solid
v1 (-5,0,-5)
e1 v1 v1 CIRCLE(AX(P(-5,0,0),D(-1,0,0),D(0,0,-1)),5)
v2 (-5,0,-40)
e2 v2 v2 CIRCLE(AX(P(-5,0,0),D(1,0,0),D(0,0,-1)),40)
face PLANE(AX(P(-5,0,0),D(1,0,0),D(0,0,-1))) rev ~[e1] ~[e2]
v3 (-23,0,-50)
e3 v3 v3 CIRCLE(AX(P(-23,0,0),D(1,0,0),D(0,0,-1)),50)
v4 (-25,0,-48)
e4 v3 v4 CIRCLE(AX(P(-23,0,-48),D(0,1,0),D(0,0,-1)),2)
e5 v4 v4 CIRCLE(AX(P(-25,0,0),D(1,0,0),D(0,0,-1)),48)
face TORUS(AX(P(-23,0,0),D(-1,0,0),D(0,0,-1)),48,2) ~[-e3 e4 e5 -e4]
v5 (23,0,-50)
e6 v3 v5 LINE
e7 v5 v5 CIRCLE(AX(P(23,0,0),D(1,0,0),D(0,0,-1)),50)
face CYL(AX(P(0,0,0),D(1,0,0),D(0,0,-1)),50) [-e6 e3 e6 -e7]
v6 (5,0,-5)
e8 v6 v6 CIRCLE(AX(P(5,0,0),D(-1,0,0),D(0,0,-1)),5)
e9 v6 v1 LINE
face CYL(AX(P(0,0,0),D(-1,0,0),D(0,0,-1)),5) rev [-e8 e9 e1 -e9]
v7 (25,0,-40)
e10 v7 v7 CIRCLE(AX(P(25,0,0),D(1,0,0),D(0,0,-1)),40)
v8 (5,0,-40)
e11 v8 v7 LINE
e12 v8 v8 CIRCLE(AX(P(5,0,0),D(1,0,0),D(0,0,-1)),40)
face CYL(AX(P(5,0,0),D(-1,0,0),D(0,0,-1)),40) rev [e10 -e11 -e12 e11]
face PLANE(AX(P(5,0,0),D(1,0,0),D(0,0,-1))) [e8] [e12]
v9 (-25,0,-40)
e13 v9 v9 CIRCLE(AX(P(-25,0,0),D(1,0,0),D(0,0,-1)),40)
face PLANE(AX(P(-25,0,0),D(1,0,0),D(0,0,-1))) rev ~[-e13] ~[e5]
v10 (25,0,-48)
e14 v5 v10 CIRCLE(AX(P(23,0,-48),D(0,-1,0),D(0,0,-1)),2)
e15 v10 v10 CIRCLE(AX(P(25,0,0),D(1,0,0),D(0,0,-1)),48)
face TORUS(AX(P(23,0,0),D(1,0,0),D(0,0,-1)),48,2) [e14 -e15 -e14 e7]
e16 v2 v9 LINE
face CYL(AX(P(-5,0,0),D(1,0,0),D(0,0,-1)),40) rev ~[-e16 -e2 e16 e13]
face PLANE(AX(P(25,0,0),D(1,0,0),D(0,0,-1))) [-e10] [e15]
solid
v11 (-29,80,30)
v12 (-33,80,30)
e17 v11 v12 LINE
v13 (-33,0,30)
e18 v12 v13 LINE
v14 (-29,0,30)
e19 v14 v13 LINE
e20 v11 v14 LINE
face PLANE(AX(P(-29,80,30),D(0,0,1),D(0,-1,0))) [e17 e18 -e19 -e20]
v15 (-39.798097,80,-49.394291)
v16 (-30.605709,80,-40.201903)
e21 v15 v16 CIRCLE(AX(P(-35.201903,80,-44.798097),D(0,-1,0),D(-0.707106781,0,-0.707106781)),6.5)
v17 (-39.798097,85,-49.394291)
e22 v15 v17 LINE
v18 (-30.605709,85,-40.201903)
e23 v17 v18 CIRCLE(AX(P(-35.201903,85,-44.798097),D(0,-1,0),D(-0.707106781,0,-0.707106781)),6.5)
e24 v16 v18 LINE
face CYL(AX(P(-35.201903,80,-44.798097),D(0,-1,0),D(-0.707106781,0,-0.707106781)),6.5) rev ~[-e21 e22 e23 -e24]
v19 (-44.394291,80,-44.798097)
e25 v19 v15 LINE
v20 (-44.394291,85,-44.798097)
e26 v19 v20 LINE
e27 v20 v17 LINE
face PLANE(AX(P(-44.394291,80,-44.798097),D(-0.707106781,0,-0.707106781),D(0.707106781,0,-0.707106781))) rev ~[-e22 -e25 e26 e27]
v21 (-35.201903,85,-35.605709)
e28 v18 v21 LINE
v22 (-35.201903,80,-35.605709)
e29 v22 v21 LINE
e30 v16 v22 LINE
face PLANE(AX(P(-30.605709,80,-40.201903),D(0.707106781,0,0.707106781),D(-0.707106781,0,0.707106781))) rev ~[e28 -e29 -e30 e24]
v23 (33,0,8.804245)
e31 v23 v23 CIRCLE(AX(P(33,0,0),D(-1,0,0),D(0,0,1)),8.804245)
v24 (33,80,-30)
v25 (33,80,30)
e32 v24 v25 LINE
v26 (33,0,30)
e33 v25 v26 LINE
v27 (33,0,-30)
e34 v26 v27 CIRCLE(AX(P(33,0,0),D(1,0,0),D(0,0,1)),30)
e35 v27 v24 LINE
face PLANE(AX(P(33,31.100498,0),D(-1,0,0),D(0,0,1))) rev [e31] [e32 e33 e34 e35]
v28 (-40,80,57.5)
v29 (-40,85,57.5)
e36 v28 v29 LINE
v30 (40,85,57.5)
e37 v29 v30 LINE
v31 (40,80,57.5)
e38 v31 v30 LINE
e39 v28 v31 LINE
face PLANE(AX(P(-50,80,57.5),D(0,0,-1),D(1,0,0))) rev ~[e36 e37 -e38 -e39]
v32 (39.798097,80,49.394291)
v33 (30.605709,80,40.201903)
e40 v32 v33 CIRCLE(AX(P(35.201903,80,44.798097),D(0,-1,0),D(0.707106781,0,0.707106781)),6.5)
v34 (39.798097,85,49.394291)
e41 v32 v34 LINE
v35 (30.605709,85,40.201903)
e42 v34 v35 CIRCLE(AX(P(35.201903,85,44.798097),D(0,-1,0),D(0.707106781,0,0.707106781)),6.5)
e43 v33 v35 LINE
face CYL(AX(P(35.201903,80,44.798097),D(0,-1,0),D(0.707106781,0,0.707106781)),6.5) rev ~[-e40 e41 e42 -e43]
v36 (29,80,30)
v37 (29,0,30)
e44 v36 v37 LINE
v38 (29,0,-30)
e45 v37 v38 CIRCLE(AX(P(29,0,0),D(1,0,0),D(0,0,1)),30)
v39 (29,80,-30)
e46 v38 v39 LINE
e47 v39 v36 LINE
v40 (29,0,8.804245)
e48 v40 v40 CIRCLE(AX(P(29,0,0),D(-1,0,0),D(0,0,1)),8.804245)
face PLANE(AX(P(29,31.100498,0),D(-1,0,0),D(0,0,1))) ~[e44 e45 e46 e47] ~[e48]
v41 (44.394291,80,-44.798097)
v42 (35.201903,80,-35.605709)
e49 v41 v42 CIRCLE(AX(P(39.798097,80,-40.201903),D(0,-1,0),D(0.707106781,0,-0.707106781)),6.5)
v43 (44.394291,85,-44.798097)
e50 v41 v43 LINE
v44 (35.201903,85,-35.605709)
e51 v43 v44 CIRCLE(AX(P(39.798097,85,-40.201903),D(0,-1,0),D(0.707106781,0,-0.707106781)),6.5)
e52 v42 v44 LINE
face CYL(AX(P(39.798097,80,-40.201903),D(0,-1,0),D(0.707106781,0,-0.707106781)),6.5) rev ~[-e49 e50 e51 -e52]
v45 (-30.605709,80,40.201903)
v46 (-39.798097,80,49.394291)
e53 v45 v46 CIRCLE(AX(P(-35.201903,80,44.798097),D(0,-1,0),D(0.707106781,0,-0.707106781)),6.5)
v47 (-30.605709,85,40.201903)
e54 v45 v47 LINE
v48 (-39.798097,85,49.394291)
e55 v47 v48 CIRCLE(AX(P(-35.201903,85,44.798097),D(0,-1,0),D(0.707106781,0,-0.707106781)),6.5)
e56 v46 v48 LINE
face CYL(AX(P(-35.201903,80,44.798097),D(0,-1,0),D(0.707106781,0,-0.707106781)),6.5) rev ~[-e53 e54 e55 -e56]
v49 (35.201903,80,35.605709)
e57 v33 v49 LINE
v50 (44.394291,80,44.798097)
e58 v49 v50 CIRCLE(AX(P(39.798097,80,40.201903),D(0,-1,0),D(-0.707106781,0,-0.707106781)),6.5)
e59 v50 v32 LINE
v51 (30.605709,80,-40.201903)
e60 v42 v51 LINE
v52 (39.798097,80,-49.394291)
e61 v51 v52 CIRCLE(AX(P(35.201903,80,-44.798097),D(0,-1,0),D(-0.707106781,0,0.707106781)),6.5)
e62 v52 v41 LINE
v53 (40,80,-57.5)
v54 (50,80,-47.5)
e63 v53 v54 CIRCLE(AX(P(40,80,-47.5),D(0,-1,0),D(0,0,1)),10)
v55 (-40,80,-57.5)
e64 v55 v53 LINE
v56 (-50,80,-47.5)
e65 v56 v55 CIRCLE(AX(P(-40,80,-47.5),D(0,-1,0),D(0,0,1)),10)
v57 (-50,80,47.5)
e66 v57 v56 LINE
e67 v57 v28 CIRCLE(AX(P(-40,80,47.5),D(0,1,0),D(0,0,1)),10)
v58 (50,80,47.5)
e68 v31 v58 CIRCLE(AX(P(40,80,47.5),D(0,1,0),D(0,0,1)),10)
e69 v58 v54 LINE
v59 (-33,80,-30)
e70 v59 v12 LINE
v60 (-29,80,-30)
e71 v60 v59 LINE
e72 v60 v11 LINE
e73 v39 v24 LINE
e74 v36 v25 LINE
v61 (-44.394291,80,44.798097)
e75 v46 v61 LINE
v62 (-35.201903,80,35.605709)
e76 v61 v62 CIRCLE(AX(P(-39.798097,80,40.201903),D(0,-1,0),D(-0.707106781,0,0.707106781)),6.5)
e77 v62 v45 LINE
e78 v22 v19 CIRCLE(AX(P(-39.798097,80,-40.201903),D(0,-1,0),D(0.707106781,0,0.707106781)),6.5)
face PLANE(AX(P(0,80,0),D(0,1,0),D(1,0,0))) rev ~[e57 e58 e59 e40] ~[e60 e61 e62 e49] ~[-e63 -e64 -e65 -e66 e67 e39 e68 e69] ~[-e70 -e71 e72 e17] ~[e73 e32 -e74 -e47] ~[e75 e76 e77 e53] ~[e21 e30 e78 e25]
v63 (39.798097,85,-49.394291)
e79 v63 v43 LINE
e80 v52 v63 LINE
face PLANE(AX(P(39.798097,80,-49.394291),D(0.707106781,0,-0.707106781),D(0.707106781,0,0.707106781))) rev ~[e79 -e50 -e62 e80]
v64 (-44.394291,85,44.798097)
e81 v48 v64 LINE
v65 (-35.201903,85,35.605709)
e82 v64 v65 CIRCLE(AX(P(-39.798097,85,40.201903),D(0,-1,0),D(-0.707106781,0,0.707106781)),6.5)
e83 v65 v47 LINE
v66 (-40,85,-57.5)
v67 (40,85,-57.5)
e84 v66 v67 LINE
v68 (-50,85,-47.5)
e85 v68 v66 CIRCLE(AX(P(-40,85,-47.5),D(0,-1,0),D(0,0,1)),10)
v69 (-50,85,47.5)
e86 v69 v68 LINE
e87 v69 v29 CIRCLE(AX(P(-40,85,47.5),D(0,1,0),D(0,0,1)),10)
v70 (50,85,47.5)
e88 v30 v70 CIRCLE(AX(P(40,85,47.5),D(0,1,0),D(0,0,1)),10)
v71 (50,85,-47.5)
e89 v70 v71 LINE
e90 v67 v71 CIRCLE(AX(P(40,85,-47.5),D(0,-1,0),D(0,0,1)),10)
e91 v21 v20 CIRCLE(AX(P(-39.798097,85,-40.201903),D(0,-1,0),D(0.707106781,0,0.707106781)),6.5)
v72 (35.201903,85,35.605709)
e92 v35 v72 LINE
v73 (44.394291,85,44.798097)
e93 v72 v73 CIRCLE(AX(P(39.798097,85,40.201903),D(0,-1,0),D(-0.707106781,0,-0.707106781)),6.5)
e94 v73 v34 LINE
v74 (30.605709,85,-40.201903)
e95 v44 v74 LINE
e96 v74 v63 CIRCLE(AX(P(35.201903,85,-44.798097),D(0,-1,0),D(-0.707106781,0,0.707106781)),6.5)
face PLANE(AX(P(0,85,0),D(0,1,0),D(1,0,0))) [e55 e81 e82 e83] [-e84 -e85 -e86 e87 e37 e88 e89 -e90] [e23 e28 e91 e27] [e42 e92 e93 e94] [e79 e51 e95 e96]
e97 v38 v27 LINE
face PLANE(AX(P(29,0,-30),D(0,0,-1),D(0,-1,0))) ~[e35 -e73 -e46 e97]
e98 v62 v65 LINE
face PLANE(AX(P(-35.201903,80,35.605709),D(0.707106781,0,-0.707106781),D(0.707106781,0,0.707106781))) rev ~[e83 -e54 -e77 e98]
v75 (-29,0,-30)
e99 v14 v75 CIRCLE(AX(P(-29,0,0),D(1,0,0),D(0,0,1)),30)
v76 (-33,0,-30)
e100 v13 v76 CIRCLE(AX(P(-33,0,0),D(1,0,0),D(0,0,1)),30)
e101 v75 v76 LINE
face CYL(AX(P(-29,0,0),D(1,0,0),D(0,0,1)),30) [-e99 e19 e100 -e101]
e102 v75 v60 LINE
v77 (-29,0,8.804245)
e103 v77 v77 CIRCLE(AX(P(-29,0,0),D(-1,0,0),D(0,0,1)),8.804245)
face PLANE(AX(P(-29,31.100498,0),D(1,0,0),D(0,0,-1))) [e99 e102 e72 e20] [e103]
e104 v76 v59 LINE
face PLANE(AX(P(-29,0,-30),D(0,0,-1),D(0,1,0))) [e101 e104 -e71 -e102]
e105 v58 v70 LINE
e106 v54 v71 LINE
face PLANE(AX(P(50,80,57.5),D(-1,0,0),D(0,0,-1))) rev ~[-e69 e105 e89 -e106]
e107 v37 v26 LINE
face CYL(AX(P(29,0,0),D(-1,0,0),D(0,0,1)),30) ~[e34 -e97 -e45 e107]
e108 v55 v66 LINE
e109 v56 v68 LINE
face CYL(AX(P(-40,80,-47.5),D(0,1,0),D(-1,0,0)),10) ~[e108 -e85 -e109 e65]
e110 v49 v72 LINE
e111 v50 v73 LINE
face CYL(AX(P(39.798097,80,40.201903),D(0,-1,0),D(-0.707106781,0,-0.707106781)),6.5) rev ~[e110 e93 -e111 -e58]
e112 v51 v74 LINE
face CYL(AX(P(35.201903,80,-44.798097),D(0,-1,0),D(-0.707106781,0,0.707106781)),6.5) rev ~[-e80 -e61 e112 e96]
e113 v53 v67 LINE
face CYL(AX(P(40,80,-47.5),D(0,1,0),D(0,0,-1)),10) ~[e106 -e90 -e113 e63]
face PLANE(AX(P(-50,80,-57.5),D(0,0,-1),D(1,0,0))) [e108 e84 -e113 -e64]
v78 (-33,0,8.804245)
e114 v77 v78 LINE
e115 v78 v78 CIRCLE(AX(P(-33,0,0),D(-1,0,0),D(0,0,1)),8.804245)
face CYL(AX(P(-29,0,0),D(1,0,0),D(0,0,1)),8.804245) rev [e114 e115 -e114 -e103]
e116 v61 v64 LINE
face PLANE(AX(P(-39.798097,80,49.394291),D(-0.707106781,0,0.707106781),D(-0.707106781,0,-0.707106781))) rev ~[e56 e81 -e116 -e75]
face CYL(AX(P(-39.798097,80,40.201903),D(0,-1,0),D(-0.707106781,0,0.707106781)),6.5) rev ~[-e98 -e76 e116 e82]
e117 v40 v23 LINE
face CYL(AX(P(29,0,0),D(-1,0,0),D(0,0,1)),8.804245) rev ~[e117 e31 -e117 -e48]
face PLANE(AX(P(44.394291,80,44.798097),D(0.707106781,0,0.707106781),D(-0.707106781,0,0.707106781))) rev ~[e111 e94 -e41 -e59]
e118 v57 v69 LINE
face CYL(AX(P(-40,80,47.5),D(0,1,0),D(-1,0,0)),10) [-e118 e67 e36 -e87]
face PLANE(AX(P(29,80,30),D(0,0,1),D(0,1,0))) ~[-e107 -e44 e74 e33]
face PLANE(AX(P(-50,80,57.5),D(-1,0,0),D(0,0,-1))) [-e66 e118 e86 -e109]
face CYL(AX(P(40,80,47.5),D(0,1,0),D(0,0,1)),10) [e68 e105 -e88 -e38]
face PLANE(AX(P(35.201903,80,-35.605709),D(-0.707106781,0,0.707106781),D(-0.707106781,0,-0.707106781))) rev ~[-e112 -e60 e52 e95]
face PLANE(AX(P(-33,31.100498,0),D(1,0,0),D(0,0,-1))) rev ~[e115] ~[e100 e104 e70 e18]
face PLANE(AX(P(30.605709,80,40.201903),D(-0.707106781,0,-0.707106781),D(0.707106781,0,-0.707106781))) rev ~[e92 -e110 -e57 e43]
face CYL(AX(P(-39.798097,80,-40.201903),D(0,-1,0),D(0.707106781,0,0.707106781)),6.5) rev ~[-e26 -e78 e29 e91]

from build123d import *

# Parameters (mm, degrees)
SKETCH1_R           = 50
SKETCH1_R_2         = 5
BOSS_EXTRUDE1_DEPTH = 25
CUT_EXTRUDE1_START  = -5
SKETCH3_R           = 40
CUT_EXTRUDE1_DEPTH  = 20
CUT_EXTRUDE2_START  = 25
SKETCH3_2_R         = 40
CUT_EXTRUDE2_DEPTH  = 20
SKETCH4_R           = 8.804244638
BOSS_EXTRUDE2_DEPTH = 4
SKETCH5_W           = 100
SKETCH5_H           = 115
BOSS_EXTRUDE3_DEPTH = 5
FILLET1_R           = 10
FILLET2_R           = 2


with BuildPart() as part:
    # Sketch1 → Boss-Extrude1 (new, symmetric)
    with BuildSketch(Plane(origin=(0, 0, 0), x_dir=(0, 0, -1), z_dir=(1, 0, 0))):
        Circle(SKETCH1_R)
        Circle(SKETCH1_R_2, mode=Mode.SUBTRACT)
    extrude(amount=BOSS_EXTRUDE1_DEPTH, both=True)

    # Sketch3 → Cut-Extrude1 (cut)
    with BuildSketch(Plane(origin=(0, 0, 0), x_dir=(0, 0, -1), z_dir=(1, 0, 0)).offset(CUT_EXTRUDE1_START)):
        Circle(SKETCH3_R)
    extrude(amount=-CUT_EXTRUDE1_DEPTH, mode=Mode.SUBTRACT)

    # Sketch3<2> → Cut-Extrude2 (cut)
    with BuildSketch(Plane(origin=(0, 0, 0), x_dir=(0, 0, -1), z_dir=(1, 0, 0)).offset(CUT_EXTRUDE2_START)):
        Circle(SKETCH3_2_R)
    extrude(amount=-CUT_EXTRUDE2_DEPTH, mode=Mode.SUBTRACT)

    # Fillet2
    fillet2_edges = [part.edges().sort_by_distance(p)[0] for p in [
        (-25, 0, 50),
        (25, 0, 50),
    ]]
    fillet(fillet2_edges, radius=FILLET2_R)


with BuildPart() as body_2:
    # Sketch4 → Boss-Extrude2 (new body)
    with BuildSketch(Plane.ZY.offset(29)):
        with BuildLine():
            Line((-30, 0), (-30, 80))
            Line((-30, 80), (30, 80))
            Line((30, 80), (30, 0))
            ThreePointArc((30, 0), (0, -30), (-30, 0))
        make_face()
        Circle(SKETCH4_R, mode=Mode.SUBTRACT)
    extrude(amount=BOSS_EXTRUDE2_DEPTH)


with BuildPart() as body_3:
    # Mirror4: mirrored copy
    add(body_2.part.mirror(Plane(origin=(0, 0, 0), x_dir=(0, 0, 1), z_dir=(1, 0, 0))))


with BuildPart() as body_2_1:
    add(body_2.part)

    add(body_3.part)  # Boss-Extrude3 merges body 3
    # Sketch5 → Boss-Extrude3 (add)
    with BuildSketch(Plane(origin=(0, 80, 0), x_dir=(1, 0, 0), z_dir=(0, 1, 0))):
        Rectangle(SKETCH5_W, SKETCH5_H)
        with BuildLine():
            Line((39.798097039, 49.394291117), (44.394291117, 44.798097039))
            ThreePointArc((44.394291117, 44.798097039), (44.394291117, 35.605708883), (35.201902961, 35.605708883))
            Line((35.201902961, 35.605708883), (30.605708883, 40.201902961))
            ThreePointArc((30.605708883, 40.201902961), (30.605708883, 49.394291117), (39.798097039, 49.394291117))
        make_face(mode=Mode.SUBTRACT)
        with BuildLine():
            Line((-44.394291117, 44.798097039), (-39.798097039, 49.394291117))
            ThreePointArc((-39.798097039, 49.394291117), (-30.605708883, 49.394291117), (-30.605708883, 40.201902961))
            Line((-30.605708883, 40.201902961), (-35.201902961, 35.605708883))
            ThreePointArc((-35.201902961, 35.605708883), (-44.394291117, 35.605708883), (-44.394291117, 44.798097039))
        make_face(mode=Mode.SUBTRACT)
        with BuildLine():
            Line((-35.201902961, -35.605708883), (-30.605708883, -40.201902961))
            ThreePointArc((-30.605708883, -40.201902961), (-30.605708883, -49.394291117), (-39.798097039, -49.394291117))
            Line((-39.798097039, -49.394291117), (-44.394291117, -44.798097039))
            ThreePointArc((-44.394291117, -44.798097039), (-44.394291117, -35.605708883), (-35.201902961, -35.605708883))
        make_face(mode=Mode.SUBTRACT)
        with BuildLine():
            Line((44.394291117, -44.798097039), (39.798097039, -49.394291117))
            ThreePointArc((39.798097039, -49.394291117), (30.605708883, -49.394291117), (30.605708883, -40.201902961))
            Line((30.605708883, -40.201902961), (35.201902961, -35.605708883))
            ThreePointArc((35.201902961, -35.605708883), (44.394291117, -35.605708883), (44.394291117, -44.798097039))
        make_face(mode=Mode.SUBTRACT)
    extrude(amount=BOSS_EXTRUDE3_DEPTH)

    # Fillet1
    fillet1_edges = [body_2_1.edges().sort_by_distance(p)[0] for p in [
        (50, 82.5, -57.5),
        (-50, 82.5, -57.5),
        (50, 82.5, 57.5),
        (-50, 82.5, 57.5),
    ]]
    fillet(fillet1_edges, radius=FILLET1_R)


solid = Compound([part.part, body_2_1.part])
